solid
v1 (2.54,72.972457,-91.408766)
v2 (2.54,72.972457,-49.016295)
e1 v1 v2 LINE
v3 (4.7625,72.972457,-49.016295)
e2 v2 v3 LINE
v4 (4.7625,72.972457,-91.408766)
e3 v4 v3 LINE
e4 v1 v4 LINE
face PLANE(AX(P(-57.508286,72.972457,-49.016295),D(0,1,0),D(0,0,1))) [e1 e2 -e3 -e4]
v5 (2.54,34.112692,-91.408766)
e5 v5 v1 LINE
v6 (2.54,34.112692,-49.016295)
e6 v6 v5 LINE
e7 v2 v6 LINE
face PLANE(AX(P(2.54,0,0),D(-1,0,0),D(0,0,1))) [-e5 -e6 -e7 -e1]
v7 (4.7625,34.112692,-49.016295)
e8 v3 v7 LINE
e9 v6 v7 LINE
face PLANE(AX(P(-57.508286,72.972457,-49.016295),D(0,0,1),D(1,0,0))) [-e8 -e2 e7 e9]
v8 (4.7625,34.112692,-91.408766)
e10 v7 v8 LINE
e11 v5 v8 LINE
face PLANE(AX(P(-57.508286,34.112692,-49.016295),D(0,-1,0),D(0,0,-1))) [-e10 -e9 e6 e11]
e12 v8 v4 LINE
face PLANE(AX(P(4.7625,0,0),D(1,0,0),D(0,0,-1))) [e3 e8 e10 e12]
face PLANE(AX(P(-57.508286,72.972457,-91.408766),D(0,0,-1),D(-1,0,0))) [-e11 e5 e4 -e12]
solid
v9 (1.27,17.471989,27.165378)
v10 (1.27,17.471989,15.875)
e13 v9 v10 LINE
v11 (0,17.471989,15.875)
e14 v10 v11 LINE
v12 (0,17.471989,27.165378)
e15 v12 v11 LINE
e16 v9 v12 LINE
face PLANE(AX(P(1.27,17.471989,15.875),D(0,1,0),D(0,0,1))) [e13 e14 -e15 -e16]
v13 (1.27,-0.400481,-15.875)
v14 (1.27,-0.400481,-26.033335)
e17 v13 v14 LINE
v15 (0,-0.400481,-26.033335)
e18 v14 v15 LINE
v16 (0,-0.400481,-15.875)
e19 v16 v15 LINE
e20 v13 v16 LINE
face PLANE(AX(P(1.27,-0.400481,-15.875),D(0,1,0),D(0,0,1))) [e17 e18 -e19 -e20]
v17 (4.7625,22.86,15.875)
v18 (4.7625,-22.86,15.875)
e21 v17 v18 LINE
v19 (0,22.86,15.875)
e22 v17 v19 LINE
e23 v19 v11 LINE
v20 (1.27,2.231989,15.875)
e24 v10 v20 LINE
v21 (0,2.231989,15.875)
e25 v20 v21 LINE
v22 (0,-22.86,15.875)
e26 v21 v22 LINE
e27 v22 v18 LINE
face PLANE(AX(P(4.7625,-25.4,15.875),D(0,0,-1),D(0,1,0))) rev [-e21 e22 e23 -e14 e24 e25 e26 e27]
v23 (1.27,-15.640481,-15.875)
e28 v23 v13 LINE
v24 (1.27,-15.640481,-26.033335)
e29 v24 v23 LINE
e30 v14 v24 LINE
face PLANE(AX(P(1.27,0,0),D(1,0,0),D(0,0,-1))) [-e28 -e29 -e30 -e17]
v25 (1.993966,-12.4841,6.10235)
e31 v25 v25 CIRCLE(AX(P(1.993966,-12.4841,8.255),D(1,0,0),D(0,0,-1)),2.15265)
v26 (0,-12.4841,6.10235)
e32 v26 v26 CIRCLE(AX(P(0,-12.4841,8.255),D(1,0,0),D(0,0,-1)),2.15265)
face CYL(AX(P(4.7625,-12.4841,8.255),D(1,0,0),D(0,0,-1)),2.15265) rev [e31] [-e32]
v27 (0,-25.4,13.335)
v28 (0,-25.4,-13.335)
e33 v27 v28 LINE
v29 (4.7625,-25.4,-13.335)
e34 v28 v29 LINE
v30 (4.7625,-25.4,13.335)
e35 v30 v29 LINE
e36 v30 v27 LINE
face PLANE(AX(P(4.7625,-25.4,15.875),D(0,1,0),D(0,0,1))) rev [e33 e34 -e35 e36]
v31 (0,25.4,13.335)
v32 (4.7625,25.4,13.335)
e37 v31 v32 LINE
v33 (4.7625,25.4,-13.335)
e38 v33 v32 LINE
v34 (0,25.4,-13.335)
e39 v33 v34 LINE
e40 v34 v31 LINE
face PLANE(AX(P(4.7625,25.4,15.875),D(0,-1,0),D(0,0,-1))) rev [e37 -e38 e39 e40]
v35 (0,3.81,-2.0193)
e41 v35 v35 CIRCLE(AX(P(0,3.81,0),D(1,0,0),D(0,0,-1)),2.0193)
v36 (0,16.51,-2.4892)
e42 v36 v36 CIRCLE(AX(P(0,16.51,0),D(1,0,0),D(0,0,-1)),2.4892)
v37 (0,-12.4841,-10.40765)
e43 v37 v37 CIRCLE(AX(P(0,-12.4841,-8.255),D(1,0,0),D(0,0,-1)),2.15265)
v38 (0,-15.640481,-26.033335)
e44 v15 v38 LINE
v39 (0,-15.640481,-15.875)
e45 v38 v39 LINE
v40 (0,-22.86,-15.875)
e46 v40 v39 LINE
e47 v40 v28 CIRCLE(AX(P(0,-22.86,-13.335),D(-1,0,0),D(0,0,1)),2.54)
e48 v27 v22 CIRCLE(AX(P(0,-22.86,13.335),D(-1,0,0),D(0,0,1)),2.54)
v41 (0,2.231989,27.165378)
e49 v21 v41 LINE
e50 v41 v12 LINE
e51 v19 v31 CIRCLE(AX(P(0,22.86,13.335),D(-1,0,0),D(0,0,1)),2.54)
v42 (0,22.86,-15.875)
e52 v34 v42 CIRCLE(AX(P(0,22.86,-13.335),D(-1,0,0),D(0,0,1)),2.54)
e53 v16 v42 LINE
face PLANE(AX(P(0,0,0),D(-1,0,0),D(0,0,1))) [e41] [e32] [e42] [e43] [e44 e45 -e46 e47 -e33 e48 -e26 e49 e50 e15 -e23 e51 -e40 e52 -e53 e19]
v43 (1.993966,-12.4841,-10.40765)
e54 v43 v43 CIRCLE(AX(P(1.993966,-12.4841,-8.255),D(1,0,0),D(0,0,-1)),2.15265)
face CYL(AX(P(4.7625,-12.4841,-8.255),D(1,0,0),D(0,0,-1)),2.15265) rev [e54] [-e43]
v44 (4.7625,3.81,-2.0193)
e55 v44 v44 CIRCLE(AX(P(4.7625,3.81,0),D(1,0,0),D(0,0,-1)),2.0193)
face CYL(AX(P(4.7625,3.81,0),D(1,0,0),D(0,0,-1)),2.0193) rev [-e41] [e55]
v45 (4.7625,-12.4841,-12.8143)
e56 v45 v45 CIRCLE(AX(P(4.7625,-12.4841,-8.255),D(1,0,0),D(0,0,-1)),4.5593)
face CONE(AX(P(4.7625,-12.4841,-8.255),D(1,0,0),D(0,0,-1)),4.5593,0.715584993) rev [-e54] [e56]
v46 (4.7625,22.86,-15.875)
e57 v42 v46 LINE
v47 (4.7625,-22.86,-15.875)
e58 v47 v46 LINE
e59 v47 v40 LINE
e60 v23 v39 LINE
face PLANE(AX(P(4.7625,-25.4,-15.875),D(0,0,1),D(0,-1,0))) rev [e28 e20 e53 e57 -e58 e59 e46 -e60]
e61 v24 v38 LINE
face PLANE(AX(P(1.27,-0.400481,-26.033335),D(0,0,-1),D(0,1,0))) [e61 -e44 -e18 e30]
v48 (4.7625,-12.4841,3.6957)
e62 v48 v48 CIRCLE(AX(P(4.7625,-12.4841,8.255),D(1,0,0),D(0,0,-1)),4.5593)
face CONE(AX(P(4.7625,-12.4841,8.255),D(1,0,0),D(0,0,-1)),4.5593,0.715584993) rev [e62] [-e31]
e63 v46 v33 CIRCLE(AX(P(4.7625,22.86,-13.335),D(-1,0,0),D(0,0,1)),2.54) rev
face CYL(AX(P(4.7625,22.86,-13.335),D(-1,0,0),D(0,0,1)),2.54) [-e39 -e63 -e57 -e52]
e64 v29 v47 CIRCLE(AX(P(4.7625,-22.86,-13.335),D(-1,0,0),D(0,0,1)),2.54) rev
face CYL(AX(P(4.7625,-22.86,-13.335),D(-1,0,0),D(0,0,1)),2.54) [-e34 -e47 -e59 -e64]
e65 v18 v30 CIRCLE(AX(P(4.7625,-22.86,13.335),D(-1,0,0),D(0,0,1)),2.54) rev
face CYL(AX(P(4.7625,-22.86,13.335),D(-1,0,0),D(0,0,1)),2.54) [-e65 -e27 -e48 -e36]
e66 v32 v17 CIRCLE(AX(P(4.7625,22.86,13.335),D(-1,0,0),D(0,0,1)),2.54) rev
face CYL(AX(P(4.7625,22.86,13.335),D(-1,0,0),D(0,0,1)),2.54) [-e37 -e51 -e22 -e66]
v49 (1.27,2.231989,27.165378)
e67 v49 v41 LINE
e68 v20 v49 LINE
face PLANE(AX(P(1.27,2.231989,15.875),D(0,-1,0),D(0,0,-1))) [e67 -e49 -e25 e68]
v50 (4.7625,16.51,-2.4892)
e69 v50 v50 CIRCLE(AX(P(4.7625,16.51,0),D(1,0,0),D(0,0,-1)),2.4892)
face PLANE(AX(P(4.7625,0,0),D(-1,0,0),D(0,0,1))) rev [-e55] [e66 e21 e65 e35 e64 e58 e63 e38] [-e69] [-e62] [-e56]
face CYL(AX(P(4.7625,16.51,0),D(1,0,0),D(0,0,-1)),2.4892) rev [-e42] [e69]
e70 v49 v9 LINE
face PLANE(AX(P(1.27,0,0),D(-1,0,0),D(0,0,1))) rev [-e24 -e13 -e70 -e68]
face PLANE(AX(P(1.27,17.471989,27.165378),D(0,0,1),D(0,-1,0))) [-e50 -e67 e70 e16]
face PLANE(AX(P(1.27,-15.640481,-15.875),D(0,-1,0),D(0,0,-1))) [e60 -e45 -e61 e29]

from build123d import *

# Parameters (mm, degrees)
SKETCH1_W                                     = 31.75
SKETCH1_H                                     = 50.8
BOSS_EXTRUDE1_DEPTH                           = 4.7625
CSK_FOR_8_FLAT_HEAD_SOCKET_CAP_SCREW1_A_COUNT = 2
CSK_FOR_8_FLAT_HEAD_SOCKET_CAP_SCREW1_A_PITCH = 16.51
F_10_CLEARANCE_HOLE1_D                        = 4.9784
FILLET1_R                                     = 2.54
F_10_32_TAPPED_HOLE1_D                        = 4.0386
SKETCH10_W                                    = 42.392471332
SKETCH10_H                                    = 38.859765387
BOSS_EXTRUDE2_DEPTH                           = 2.2225
SKETCH11_W                                    = 11.290377963
SKETCH11_H                                    = 15.24
SKETCH11_W_2                                  = 10.158335204
BOSS_EXTRUDE3_DEPTH                           = 1.27


with BuildPart() as part:
    # Sketch1 → Boss-Extrude1 (new body)
    with BuildSketch(Plane(origin=(0, 0, 0), x_dir=(0, 0, -1), z_dir=(1, 0, 0))):
        Rectangle(SKETCH1_W, SKETCH1_H)
    extrude(amount=BOSS_EXTRUDE1_DEPTH)

    # Sketch5 → CSK for #8 Flat Head Socket Cap Screw1 (revolve, cut)
    with BuildSketch(Plane(origin=(4.7625, -12.4841, 8.255), x_dir=(0, 0, -1), z_dir=(0, 1, 0))):
        Polygon((0, 0), (0, 4.7625), (2.15265, 4.7625), (2.15265, 2.768534127), (4.5593, 0), align=None)
    csk_for_8_flat_head_socket_cap_screw1 = revolve(axis=Axis((11.1125, -12.4841, 8.255), (-1, 0, 0)), mode=Mode.SUBTRACT)

    # CSK for #8 Flat Head Socket Cap Screw1 a: CSK for #8 Flat Head Socket Cap Screw1 ×2
    with Locations(*[(0, 0, -i * CSK_FOR_8_FLAT_HEAD_SOCKET_CAP_SCREW1_A_PITCH) for i in range(1, CSK_FOR_8_FLAT_HEAD_SOCKET_CAP_SCREW1_A_COUNT)]):
        add(csk_for_8_flat_head_socket_cap_screw1, mode=Mode.SUBTRACT)

    # #10 Clearance Hole1 (through all)
    with Locations(Plane(origin=(4.7625, 0, 0), x_dir=(0, 0, -1), z_dir=(1, 0, 0))):
        with Locations((0, 16.51)):
            Hole(F_10_CLEARANCE_HOLE1_D / 2)

    # Fillet1
    fillet1_edges = [part.edges().sort_by_distance(p)[0] for p in [
        (2.38125, -25.4, -15.875),
        (2.38125, -25.4, 15.875),
        (2.38125, 25.4, 15.875),
        (2.38125, 25.4, -15.875),
    ]]
    fillet(fillet1_edges, radius=FILLET1_R)

    # #10-32 Tapped Hole1 (through all)
    with Locations(Plane(origin=(4.7625, 0, 0), x_dir=(0, 0, -1), z_dir=(1, 0, 0))):
        with Locations((0, 3.81)):
            Hole(F_10_32_TAPPED_HOLE1_D / 2)

    # Sketch11 → Boss-Extrude3 (add)
    with BuildSketch(Plane.ZY):
        with Locations((21.520188982, 9.851988794)):
            Rectangle(SKETCH11_W, SKETCH11_H)
        with Locations((-20.954167602, -8.02048127)):
            Rectangle(SKETCH11_W_2, SKETCH11_H)
    extrude(amount=-BOSS_EXTRUDE3_DEPTH)


with BuildPart() as body_2:
    # Sketch10 → Boss-Extrude2 (new body)
    with BuildSketch(Plane(origin=(4.7625, 0, 0), x_dir=(0, 0, -1), z_dir=(1, 0, 0))):
        with Locations((70.212530643, 53.542574468)):
            Rectangle(SKETCH10_W, SKETCH10_H)
    extrude(amount=-BOSS_EXTRUDE2_DEPTH)


solid = Compound([part.part, body_2.part])
